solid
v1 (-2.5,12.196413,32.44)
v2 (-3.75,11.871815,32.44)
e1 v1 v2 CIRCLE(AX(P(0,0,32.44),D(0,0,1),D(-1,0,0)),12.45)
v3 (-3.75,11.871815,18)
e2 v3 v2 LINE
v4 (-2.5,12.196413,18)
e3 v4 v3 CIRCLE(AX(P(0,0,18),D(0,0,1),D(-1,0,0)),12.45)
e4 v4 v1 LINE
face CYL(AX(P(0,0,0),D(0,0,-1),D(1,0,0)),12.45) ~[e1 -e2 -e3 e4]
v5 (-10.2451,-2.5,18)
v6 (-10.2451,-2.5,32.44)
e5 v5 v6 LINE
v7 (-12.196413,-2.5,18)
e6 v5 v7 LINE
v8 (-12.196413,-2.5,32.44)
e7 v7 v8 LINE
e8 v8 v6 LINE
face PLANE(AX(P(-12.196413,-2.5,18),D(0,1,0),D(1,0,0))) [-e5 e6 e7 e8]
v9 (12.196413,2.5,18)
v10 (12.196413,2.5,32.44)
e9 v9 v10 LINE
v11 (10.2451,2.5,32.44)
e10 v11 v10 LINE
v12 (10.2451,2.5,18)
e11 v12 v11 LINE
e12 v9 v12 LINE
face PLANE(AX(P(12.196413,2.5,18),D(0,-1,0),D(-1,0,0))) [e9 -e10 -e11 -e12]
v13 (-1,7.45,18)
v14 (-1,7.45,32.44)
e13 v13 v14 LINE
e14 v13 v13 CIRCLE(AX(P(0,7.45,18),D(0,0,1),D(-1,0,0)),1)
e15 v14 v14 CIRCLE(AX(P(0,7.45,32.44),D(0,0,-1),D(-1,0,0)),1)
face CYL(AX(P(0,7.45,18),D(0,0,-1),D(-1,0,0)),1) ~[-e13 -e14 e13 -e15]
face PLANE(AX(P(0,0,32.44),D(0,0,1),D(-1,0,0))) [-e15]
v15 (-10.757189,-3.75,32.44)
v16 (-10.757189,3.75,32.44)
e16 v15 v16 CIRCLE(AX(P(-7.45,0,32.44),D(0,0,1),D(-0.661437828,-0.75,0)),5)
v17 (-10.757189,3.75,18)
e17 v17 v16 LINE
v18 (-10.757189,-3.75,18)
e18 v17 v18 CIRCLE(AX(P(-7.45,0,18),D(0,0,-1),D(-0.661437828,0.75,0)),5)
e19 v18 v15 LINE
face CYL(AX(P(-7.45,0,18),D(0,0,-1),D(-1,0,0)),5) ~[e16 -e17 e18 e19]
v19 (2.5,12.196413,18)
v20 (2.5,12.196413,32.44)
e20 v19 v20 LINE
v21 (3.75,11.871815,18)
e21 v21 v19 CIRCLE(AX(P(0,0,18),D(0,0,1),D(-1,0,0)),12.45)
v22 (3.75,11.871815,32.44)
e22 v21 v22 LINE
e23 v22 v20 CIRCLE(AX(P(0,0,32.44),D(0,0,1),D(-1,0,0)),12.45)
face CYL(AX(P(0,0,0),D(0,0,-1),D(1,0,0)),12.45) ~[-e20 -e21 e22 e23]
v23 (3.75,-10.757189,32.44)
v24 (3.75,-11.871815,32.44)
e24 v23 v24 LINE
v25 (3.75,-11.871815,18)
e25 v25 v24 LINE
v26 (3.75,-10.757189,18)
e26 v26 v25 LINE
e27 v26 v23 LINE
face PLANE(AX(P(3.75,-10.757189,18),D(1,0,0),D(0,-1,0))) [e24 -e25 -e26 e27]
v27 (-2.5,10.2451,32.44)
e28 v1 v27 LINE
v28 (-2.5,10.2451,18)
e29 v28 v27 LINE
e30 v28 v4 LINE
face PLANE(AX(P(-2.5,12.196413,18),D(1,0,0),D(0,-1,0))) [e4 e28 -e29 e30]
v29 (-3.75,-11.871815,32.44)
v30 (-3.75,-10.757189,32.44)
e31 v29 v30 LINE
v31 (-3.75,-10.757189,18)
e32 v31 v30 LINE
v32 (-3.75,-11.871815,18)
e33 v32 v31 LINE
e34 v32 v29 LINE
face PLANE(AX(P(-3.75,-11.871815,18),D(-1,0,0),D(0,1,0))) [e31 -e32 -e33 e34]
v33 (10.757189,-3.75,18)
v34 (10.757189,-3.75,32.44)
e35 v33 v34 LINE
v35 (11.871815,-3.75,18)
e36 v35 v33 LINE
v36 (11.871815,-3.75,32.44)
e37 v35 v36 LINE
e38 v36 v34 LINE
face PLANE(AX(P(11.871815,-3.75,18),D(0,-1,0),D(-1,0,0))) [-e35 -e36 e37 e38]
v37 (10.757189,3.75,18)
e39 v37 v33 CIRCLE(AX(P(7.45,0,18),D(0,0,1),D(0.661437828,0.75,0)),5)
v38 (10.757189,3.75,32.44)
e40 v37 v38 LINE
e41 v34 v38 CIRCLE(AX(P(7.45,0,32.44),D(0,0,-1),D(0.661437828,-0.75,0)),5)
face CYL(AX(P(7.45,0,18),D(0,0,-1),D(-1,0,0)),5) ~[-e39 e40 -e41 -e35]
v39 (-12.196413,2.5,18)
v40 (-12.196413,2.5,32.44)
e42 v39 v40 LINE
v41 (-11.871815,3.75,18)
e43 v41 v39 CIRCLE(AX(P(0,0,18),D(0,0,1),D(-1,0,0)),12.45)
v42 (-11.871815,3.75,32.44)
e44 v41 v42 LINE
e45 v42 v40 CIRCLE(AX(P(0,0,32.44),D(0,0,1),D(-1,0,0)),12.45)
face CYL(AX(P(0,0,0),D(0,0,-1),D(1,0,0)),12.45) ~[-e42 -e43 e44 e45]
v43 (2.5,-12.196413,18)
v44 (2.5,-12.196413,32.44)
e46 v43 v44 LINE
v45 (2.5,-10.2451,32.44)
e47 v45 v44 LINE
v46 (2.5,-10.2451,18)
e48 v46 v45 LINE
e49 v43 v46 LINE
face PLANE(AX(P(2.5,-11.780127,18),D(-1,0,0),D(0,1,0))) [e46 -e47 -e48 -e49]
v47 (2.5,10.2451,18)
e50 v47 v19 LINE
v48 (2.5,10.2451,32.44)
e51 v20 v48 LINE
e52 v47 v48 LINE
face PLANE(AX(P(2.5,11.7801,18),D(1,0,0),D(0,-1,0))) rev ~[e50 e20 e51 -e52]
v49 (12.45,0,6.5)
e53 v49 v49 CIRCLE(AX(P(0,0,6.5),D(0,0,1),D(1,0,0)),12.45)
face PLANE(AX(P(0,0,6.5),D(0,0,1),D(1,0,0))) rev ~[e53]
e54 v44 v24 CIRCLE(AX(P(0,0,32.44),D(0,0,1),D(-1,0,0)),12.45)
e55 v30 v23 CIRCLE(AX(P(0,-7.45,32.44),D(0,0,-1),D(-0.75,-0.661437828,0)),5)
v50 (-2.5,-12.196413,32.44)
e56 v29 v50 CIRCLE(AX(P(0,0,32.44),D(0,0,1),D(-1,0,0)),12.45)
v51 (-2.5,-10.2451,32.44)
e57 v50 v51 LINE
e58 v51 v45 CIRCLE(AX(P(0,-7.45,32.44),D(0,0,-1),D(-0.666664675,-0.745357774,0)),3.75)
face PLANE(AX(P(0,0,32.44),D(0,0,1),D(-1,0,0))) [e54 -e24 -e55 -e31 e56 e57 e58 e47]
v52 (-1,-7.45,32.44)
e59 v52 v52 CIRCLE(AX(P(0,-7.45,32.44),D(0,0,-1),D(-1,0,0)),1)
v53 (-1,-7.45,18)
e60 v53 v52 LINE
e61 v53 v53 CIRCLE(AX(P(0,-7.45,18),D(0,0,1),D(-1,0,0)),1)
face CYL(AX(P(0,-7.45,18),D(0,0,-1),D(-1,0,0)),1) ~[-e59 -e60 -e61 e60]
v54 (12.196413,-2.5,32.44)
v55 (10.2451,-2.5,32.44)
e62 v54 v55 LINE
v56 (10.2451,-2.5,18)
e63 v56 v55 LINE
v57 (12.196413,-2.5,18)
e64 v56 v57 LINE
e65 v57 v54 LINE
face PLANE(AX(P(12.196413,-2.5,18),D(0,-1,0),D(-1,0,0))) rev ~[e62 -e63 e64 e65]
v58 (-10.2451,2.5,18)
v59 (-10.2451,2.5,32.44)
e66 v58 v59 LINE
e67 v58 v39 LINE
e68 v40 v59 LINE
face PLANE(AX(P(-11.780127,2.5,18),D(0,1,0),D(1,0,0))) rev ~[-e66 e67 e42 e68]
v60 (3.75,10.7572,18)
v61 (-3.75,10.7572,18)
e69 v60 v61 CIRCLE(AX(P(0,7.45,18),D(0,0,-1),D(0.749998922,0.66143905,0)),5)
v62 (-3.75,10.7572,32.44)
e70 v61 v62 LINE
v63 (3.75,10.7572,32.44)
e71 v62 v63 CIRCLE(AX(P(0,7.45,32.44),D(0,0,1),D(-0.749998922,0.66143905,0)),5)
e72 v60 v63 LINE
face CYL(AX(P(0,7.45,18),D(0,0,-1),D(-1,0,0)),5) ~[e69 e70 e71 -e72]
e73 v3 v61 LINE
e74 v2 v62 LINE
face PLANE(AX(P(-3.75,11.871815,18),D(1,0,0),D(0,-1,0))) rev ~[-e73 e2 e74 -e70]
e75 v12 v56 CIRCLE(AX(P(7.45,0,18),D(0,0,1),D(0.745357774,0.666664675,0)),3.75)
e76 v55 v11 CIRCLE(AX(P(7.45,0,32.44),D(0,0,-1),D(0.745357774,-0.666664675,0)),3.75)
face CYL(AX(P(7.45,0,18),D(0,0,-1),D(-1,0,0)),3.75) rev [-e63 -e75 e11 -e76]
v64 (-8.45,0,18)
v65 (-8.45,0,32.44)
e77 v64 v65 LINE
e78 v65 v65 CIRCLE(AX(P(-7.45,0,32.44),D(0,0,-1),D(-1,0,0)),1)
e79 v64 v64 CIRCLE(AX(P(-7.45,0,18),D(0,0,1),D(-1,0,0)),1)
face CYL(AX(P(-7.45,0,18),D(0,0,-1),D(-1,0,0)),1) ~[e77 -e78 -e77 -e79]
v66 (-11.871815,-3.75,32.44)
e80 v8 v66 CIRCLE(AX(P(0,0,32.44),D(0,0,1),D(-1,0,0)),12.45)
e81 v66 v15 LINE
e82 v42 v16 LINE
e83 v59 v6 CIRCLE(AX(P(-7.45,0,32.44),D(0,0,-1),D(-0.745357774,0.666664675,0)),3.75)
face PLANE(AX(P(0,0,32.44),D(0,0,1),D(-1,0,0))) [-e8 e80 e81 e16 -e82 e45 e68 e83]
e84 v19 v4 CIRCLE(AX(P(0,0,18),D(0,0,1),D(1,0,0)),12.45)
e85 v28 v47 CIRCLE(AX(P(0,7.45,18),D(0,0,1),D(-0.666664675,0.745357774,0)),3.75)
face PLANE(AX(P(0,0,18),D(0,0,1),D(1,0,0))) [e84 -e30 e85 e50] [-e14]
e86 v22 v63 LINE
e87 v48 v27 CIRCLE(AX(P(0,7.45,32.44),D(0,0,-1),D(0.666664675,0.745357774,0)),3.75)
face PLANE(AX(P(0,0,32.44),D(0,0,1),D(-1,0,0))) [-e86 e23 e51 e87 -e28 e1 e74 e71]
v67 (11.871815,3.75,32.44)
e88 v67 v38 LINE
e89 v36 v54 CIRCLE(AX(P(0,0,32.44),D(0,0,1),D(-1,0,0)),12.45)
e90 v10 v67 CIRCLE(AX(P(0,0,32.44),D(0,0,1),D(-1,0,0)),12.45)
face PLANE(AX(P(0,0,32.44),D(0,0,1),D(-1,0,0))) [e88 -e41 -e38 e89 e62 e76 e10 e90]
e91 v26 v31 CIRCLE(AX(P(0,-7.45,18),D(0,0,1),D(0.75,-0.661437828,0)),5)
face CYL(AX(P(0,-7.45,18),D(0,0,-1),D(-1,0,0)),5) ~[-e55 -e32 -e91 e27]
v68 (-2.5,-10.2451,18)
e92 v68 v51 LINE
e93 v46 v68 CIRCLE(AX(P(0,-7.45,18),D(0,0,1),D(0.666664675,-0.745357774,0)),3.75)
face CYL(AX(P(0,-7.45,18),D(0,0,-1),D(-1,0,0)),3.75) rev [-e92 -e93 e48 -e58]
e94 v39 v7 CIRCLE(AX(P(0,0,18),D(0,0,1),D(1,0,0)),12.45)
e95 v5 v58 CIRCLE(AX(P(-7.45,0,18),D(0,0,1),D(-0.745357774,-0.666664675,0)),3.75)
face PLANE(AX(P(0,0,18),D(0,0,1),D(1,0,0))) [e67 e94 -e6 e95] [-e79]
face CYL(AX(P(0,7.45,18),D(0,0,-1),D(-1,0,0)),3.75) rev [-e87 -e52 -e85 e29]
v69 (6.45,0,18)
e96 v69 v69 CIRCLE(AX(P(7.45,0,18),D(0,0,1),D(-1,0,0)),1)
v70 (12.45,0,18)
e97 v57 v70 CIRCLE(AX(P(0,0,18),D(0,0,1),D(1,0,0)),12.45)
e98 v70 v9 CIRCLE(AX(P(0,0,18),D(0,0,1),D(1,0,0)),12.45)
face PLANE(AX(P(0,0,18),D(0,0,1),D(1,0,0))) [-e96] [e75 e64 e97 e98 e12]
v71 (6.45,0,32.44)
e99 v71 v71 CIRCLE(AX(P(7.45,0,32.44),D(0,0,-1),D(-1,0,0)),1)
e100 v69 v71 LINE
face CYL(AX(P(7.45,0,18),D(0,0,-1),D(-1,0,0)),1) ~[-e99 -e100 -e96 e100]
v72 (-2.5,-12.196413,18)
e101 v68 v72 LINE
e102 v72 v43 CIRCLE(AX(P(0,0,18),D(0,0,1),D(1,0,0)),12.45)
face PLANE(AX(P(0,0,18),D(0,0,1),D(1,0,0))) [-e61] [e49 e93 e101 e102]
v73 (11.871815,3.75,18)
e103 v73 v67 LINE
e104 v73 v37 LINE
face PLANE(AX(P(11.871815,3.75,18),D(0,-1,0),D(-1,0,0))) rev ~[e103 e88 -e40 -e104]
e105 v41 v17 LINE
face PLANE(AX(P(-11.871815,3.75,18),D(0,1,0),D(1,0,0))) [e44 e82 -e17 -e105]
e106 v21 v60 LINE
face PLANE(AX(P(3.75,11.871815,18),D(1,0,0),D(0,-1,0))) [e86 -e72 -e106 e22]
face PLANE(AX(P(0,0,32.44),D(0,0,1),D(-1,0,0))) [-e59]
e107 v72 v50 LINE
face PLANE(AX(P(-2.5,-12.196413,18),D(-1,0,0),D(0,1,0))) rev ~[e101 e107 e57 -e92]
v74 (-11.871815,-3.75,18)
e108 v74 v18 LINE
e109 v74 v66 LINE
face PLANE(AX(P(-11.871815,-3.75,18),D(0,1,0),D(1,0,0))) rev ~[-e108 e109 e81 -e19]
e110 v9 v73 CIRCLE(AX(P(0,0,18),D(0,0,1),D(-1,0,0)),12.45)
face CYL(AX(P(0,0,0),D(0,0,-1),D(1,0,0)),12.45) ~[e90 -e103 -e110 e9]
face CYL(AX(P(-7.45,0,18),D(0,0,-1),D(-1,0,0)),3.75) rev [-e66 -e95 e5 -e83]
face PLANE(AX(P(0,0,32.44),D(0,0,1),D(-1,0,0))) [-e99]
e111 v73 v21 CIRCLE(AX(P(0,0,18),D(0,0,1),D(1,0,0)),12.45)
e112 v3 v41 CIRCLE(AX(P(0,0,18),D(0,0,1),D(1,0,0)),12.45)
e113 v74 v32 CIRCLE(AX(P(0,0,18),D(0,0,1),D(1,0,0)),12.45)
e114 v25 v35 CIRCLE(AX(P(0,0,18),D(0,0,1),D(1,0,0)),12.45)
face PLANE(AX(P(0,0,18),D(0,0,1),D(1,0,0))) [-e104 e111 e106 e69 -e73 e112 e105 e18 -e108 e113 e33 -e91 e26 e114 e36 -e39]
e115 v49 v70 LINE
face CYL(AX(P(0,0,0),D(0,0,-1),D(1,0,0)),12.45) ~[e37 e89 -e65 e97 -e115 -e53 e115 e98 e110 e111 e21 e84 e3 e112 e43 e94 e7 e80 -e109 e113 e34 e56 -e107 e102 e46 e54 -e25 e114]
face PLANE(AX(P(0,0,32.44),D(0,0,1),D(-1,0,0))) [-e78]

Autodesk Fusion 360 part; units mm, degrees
sketch "Sketch1" plane through (0, 0, 0) normal (0, 0, 1) x (1, 0, 0)
  circle A0 centre (0, 0) radius 12.45
  dimension "d1" = 24.9
extrude "Extrude1" add sketch "Sketch1" along normal blind 18
sketch "Sketch2" plane through (0, 0, 18) normal (0, 0, 1) x (-1, 0, 0)
  circle A0 centre (0, 0) radius 12.45
  line L0 (0, 0) -> (0, -12.45)
  line L1 (0, 0) -> (-12.45, 0)
  line L2 (0, 0) -> (0, 12.45)
  line L3 (0, 0) -> (12.45, 0)
  line L4 (-12.45, 0) -> (-2.45, 0)
  circle A1 centre (-7.45, 0) radius 5
  line L5 (12.45, 0) -> (2.45, 0)
  line L6 (0, 12.45) -> (0, 2.45)
  line L7 (0, -12.45) -> (0, -2.45)
  circle A2 centre (0, -7.45) radius 5
  circle A3 centre (7.45, 0) radius 5
  circle A4 centre (0, 7.45) radius 5
  circle A5 centre (-7.45, 0) radius 3.75
  circle A6 centre (0, -7.45) radius 3.75
  circle A7 centre (0, 7.45) radius 3.75
  circle A8 centre (7.45, 0) radius 3.75
  circle A9 centre (-7.45, 0) radius 1
  circle A10 centre (0, -7.45) radius 1
  circle A11 centre (0, 7.45) radius 1
  circle A12 centre (7.45, 0) radius 1
  line L8 (-12.45, 0) -> (-12.45, -2.5)
  line L9 (-12.45, 0) -> (-12.45, 2.5)
  line L10 (-12.45, 2.5) -> (-11.7801, 2.5)
  line L11 (-12.45, -2.5) -> (-11.7801, -2.5)
  line L12 (0, -12.45) -> (-2.5, -12.45)
  line L13 (0, -12.45) -> (2.5, -12.45)
  line L14 (-2.5, -12.45) -> (-2.5, -11.7801)
  line L15 (12.45, 0) -> (12.45, -2.5)
  line L16 (12.45, 0) -> (12.45, 2.5)
  line L17 (12.45, 2.5) -> (10.2451, 2.5)
  line L18 (12.45, -2.5) -> (10.2451, -2.5)
  line L19 (2.5, -12.45) -> (2.5, -11.7801)
  line L20 (-2.5, -12.45) -> (-3.75, -12.45)
  line L21 (-3.75, -12.45) -> (-3.75, -10.7572)
  line L22 (2.5, -12.45) -> (3.75, -12.45)
  line L23 (3.75, -12.45) -> (3.75, -10.7572)
  line L24 (-3.75, -10.7572) -> (-3.75, -7.45)
  line L25 (2.5, -11.7801) -> (2.5, -10.2451)
  line L26 (-2.5, -11.7801) -> (-2.5, -10.2451)
  line L27 (3.75, -10.7572) -> (3.75, -7.45)
  line L28 (12.45, -2.5) -> (12.45, -3.75)
  line L29 (12.45, -3.75) -> (7.45, -3.75)
  line L30 (12.45, 1.25) -> (12.45, 2.5)
  line L31 (12.45, 2.5) -> (10.2451, 2.5)
  line L32 (12.45, 2.5) -> (12.45, 3.75)
  line L33 (12.45, 3.75) -> (7.45, 3.75)
  line L34 (0, 12.45) -> (-2.5, 12.45)
  line L35 (0, 12.45) -> (2.5, 12.45)
  line L36 (2.5, 12.45) -> (2.5, 10.2451)
  line L37 (2.5, 12.45) -> (3.75, 12.45)
  line L38 (3.75, 12.45) -> (3.75, 7.45)
  line L39 (-3.75, 7.45) -> (-3.75, 12.45)
  line L40 (-3.75, 12.45) -> (-2.5, 12.45)
  line L41 (-2.5, 12.45) -> (-2.5, 10.2451)
  line L42 (-11.7801, 2.5) -> (-10.2451, 2.5)
  line L43 (-11.7801, -2.5) -> (-10.2451, -2.5)
  line L44 (-12.45, -2.5) -> (-12.45, -3.75)
  line L45 (-12.45, 2.5) -> (-12.45, 3.75)
  line L46 (-12.45, 3.75) -> (-7.45, 3.75)
  line L47 (-12.45, -3.75) -> (-7.45, -3.75)
  dimension "d4" = 10
  dimension "d5" = 10
  dimension "d6" = 10
  dimension "d7" = 10
  dimension "d8" = 7.5
  dimension "d9" = 7.5
  dimension "d10" = 7.5
  dimension "d11" = 7.5
  dimension "d12" = 2
  dimension "d13" = 2
  dimension "d14" = 2
  dimension "d15" = 2
  dimension "d16" = 2.5
  dimension "d17" = 2.5
  dimension "d18" = 2.5
  dimension "d19" = 2.5
  dimension "d20" = 2.5
  dimension "d21" = 2.5
  dimension "d22" = 1.25
  dimension "d23" = 1.25
  dimension "d24" = 1.25
  dimension "d26" = 1.25
  dimension "d31" = 2.5
  dimension "d32" = 2.5
  dimension "d33" = 1.25
  dimension "d36" = 1.25
  dimension "d37" = 1.25
extrude "Extrude2" add sketch "Sketch2" along normal blind 14.44 contours A0 A2 L19 L23 | L0 L7 A2 A6 L27 | A2 A6 L25 L27 | L0 L7 A2 A6 L24 | A0 A2 L14 L21 | A2 A6 L24 L26 | L0 L7 A10 | L0 L7 A10
extrude "Extrude3" add sketch "Sketch2" along normal blind 14.44 contours A0 A3 L17 L31 L33 | A0 A3 L18 L29 | A3 A8 L17 L31 L33 | A3 A8 L18 L29 | L3 L5 A12 | L3 L5 A12 | L3 L5 A3 A8 L33 | L3 L5 A3 A8 L29
extrude "Extrude4" add sketch "Sketch2" along normal blind 14.44 contours A0 A4 L36 L38 | A4 A7 L36 L38 | L2 L6 A4 A7 L38 | L2 L6 A4 A7 L39 | A0 A4 L39 L41 | A4 A7 L39 L41 | L2 L6 A11 | L2 L6 A11
extrude "Extrude5" add sketch "Sketch2" along normal blind 14.44 contours L1 L4 A1 A5 L47 | L1 L4 A1 A5 L46 | A1 A5 L42 L46 | A0 A1 L10 L46 | A0 A1 L11 L47 | A1 A5 L43 L47 | L1 L4 A9 | L1 L4 A9
extrude "Extrude6" cut sketch "Sketch1" along normal blind 5
extrude "Extrude7" cut 1 faces at (3.0323, -6.4892, 5) along direction (0, 0, 1) blind 1.5
